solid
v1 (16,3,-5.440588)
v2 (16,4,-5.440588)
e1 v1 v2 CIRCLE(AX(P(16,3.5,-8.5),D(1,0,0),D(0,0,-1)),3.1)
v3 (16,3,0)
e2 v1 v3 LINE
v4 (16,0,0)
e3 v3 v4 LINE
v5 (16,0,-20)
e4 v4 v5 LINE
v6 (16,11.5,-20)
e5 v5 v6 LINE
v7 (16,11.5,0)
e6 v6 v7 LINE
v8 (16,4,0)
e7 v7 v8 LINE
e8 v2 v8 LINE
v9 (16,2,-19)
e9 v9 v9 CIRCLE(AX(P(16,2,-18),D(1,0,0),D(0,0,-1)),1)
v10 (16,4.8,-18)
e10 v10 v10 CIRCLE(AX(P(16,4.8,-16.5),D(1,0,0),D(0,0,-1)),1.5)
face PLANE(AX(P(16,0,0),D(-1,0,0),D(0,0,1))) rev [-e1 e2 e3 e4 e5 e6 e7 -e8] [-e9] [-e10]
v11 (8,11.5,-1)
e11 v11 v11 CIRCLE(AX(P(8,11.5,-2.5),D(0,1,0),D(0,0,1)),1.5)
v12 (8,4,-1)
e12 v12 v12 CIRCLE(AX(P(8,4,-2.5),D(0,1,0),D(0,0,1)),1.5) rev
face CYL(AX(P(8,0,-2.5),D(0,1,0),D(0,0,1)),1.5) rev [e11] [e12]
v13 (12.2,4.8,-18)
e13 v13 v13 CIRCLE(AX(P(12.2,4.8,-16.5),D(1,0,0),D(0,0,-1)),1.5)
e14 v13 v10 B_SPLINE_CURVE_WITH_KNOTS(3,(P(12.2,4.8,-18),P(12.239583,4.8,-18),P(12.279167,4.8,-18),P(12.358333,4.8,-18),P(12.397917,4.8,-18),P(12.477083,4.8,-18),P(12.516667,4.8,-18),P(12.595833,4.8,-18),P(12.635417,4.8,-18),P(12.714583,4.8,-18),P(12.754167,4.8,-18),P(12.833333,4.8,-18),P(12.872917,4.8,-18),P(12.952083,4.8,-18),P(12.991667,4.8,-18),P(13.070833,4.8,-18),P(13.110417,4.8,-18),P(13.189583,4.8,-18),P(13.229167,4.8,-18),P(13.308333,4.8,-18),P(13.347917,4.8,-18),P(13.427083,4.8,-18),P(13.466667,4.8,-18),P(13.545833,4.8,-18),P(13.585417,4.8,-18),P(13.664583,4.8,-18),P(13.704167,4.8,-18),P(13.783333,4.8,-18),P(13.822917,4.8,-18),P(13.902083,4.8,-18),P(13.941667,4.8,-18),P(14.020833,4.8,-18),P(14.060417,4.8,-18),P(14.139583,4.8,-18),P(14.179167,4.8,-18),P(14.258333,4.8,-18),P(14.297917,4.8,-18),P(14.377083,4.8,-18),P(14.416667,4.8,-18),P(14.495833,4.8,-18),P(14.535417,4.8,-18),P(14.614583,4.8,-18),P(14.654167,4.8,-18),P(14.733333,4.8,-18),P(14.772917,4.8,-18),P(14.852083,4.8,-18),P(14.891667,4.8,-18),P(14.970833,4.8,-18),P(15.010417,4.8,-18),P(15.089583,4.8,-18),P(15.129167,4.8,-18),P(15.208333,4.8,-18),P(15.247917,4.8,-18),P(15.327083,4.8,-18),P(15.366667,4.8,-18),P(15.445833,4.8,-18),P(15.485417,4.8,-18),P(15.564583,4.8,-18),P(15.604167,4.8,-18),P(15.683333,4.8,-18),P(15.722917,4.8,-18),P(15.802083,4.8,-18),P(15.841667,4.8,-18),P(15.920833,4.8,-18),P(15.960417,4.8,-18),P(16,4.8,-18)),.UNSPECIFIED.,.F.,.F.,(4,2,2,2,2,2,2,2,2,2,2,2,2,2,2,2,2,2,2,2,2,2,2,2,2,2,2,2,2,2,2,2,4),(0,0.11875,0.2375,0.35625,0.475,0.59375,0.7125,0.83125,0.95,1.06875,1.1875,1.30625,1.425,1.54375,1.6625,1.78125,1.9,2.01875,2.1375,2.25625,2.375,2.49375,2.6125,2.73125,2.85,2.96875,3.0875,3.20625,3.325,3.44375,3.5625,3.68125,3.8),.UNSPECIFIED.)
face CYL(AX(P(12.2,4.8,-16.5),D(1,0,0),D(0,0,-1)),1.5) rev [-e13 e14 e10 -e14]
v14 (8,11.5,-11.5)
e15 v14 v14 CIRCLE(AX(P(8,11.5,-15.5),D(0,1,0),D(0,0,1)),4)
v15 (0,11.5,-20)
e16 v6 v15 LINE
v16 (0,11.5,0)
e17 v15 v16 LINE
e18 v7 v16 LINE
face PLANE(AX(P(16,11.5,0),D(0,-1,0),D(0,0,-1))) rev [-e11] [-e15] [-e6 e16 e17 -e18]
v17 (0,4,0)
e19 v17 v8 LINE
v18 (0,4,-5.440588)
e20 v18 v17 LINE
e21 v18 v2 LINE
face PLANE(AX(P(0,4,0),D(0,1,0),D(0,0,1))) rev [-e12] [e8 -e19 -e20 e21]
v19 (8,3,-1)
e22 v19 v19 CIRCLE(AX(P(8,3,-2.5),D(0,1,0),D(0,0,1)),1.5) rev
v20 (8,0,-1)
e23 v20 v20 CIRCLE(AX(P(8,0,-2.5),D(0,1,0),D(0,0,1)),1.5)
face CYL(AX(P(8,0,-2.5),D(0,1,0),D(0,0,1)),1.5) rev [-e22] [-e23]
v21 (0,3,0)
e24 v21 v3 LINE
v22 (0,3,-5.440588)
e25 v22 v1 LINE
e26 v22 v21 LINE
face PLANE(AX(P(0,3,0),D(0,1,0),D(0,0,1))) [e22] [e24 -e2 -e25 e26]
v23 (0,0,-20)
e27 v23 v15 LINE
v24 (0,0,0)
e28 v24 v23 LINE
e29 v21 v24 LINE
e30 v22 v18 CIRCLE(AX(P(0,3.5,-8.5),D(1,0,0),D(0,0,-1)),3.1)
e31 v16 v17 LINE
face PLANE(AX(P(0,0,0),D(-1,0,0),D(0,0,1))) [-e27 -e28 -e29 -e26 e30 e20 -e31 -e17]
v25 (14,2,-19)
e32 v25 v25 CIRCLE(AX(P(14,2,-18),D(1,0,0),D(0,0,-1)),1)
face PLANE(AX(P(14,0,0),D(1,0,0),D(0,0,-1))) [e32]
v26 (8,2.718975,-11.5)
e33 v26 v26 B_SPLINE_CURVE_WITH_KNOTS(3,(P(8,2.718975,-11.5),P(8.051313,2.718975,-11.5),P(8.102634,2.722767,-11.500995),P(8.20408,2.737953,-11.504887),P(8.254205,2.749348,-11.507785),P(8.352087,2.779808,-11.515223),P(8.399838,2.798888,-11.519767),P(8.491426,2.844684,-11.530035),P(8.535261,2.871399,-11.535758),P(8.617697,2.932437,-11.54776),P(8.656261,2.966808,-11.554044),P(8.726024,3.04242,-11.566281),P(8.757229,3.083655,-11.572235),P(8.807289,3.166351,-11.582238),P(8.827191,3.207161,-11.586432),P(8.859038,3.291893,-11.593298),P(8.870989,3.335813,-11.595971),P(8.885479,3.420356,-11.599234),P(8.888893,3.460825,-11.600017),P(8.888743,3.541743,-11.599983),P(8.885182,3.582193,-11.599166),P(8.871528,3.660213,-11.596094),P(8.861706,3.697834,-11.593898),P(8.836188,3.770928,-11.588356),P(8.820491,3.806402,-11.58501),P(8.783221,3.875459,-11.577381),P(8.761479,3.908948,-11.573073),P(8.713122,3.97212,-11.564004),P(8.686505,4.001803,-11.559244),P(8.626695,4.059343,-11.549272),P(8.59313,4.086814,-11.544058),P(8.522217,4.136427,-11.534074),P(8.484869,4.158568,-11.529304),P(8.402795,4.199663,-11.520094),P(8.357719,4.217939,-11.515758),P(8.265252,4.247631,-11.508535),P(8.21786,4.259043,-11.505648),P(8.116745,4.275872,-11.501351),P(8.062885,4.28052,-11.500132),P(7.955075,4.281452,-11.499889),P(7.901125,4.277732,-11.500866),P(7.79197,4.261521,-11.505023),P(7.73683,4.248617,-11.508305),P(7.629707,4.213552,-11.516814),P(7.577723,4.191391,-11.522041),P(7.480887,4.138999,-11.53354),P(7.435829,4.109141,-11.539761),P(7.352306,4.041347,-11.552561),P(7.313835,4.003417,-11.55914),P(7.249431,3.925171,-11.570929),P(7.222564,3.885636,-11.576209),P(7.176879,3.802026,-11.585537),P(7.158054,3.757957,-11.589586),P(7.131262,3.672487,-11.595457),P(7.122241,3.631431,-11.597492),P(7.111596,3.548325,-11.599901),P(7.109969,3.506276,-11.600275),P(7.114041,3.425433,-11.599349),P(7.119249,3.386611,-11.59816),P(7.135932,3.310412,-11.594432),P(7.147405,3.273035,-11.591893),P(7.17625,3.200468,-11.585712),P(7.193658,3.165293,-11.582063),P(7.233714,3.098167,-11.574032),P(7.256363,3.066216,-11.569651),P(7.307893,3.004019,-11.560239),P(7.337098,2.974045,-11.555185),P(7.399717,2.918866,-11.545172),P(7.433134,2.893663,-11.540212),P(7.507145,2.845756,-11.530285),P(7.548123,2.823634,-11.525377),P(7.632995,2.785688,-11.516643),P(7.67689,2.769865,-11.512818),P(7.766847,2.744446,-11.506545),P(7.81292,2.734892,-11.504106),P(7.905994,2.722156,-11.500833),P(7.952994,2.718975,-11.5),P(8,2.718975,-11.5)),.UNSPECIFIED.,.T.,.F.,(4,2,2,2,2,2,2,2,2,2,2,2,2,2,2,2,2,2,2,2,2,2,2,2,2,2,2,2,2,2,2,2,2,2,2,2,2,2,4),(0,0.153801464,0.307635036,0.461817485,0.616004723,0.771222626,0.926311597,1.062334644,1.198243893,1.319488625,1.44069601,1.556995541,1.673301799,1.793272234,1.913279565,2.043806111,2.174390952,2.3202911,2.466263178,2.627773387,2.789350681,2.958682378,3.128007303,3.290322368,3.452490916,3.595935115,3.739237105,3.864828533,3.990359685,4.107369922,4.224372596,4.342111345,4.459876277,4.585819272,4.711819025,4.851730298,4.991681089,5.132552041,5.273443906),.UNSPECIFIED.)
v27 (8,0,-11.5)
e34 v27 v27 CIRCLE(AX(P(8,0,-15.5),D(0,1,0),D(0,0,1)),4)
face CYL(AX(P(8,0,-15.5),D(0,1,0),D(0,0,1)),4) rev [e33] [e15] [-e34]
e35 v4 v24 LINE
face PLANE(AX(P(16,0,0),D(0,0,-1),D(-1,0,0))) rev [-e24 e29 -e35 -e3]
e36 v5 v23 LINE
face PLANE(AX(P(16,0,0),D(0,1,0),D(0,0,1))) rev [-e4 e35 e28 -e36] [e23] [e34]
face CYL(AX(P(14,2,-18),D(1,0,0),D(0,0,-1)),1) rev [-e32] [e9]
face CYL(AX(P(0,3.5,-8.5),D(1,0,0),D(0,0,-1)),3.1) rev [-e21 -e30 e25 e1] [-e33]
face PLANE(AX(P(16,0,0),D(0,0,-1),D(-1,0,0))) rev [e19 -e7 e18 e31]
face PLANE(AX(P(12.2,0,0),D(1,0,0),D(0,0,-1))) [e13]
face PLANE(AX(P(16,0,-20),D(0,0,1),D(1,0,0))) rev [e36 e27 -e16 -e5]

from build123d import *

# Parameters (mm, degrees)
SKETCH_1_W          = 20
SKETCH_1_H          = 11.5
EXTRUDE_1_DEPTH     = 16
SKETCH_2_R          = 1.5
SKETCH_2_R_2        = 4
CUT_EXTRUDE_1_DEPTH = 29.075790283
SKETCH_6_R          = 1
CUT_EXTRUDE_2_DEPTH = 2
SKETCH_6_3_R        = 1.5
CUT_EXTRUDE_3_DEPTH = 3.8
CUT_EXTRUDE_4_DEPTH = 29.075790283


with BuildPart() as part:
    # 스케치1 → 보스-돌출1 (new body)
    with BuildSketch(Plane(origin=(0, 0, 0), x_dir=(0, 0, -1), z_dir=(1, 0, 0))):
        with Locations((10, 5.75)):
            Rectangle(SKETCH_1_W, SKETCH_1_H)
    extrude(amount=EXTRUDE_1_DEPTH)

    # 스케치2 → 컷-돌출1 (cut, through all)
    with BuildSketch(Plane(origin=(0, 11.5, 0), x_dir=(1, 0, 0), z_dir=(0, 1, 0))):
        with Locations((8, 2.5)):
            Circle(SKETCH_2_R)
        with Locations((8, 15.5)):
            Circle(SKETCH_2_R_2)
    extrude(amount=-CUT_EXTRUDE_1_DEPTH, mode=Mode.SUBTRACT)

    # 스케치6 → 컷-돌출2 (cut)
    with BuildSketch(Plane(origin=(16, 0, 0), x_dir=(0, 0, -1), z_dir=(1, 0, 0))):
        with Locations((18, 2)):
            Circle(SKETCH_6_R)
    extrude(amount=-CUT_EXTRUDE_2_DEPTH, mode=Mode.SUBTRACT)

    # 스케치6<3> → 컷-돌출3 (cut)
    with BuildSketch(Plane(origin=(16, 0, 0), x_dir=(0, 0, -1), z_dir=(1, 0, 0))):
        with Locations((16.5, 4.8)):
            Circle(SKETCH_6_3_R)
    extrude(amount=-CUT_EXTRUDE_3_DEPTH, mode=Mode.SUBTRACT)

    # 스케치6<4> → 컷-돌출4 (cut, through all)
    with BuildSketch(Plane(origin=(16, 0, 0), x_dir=(0, 0, -1), z_dir=(1, 0, 0))):
        with BuildLine():
            Line((5.440588292, 4), (0, 4))
            Line((0, 4), (0, 3))
            Line((0, 3), (5.440588292, 3))
            ThreePointArc((5.440588292, 3), (11.6, 3.5), (5.440588292, 4))
        make_face()
    extrude(amount=-CUT_EXTRUDE_4_DEPTH, mode=Mode.SUBTRACT)


solid = part.part
